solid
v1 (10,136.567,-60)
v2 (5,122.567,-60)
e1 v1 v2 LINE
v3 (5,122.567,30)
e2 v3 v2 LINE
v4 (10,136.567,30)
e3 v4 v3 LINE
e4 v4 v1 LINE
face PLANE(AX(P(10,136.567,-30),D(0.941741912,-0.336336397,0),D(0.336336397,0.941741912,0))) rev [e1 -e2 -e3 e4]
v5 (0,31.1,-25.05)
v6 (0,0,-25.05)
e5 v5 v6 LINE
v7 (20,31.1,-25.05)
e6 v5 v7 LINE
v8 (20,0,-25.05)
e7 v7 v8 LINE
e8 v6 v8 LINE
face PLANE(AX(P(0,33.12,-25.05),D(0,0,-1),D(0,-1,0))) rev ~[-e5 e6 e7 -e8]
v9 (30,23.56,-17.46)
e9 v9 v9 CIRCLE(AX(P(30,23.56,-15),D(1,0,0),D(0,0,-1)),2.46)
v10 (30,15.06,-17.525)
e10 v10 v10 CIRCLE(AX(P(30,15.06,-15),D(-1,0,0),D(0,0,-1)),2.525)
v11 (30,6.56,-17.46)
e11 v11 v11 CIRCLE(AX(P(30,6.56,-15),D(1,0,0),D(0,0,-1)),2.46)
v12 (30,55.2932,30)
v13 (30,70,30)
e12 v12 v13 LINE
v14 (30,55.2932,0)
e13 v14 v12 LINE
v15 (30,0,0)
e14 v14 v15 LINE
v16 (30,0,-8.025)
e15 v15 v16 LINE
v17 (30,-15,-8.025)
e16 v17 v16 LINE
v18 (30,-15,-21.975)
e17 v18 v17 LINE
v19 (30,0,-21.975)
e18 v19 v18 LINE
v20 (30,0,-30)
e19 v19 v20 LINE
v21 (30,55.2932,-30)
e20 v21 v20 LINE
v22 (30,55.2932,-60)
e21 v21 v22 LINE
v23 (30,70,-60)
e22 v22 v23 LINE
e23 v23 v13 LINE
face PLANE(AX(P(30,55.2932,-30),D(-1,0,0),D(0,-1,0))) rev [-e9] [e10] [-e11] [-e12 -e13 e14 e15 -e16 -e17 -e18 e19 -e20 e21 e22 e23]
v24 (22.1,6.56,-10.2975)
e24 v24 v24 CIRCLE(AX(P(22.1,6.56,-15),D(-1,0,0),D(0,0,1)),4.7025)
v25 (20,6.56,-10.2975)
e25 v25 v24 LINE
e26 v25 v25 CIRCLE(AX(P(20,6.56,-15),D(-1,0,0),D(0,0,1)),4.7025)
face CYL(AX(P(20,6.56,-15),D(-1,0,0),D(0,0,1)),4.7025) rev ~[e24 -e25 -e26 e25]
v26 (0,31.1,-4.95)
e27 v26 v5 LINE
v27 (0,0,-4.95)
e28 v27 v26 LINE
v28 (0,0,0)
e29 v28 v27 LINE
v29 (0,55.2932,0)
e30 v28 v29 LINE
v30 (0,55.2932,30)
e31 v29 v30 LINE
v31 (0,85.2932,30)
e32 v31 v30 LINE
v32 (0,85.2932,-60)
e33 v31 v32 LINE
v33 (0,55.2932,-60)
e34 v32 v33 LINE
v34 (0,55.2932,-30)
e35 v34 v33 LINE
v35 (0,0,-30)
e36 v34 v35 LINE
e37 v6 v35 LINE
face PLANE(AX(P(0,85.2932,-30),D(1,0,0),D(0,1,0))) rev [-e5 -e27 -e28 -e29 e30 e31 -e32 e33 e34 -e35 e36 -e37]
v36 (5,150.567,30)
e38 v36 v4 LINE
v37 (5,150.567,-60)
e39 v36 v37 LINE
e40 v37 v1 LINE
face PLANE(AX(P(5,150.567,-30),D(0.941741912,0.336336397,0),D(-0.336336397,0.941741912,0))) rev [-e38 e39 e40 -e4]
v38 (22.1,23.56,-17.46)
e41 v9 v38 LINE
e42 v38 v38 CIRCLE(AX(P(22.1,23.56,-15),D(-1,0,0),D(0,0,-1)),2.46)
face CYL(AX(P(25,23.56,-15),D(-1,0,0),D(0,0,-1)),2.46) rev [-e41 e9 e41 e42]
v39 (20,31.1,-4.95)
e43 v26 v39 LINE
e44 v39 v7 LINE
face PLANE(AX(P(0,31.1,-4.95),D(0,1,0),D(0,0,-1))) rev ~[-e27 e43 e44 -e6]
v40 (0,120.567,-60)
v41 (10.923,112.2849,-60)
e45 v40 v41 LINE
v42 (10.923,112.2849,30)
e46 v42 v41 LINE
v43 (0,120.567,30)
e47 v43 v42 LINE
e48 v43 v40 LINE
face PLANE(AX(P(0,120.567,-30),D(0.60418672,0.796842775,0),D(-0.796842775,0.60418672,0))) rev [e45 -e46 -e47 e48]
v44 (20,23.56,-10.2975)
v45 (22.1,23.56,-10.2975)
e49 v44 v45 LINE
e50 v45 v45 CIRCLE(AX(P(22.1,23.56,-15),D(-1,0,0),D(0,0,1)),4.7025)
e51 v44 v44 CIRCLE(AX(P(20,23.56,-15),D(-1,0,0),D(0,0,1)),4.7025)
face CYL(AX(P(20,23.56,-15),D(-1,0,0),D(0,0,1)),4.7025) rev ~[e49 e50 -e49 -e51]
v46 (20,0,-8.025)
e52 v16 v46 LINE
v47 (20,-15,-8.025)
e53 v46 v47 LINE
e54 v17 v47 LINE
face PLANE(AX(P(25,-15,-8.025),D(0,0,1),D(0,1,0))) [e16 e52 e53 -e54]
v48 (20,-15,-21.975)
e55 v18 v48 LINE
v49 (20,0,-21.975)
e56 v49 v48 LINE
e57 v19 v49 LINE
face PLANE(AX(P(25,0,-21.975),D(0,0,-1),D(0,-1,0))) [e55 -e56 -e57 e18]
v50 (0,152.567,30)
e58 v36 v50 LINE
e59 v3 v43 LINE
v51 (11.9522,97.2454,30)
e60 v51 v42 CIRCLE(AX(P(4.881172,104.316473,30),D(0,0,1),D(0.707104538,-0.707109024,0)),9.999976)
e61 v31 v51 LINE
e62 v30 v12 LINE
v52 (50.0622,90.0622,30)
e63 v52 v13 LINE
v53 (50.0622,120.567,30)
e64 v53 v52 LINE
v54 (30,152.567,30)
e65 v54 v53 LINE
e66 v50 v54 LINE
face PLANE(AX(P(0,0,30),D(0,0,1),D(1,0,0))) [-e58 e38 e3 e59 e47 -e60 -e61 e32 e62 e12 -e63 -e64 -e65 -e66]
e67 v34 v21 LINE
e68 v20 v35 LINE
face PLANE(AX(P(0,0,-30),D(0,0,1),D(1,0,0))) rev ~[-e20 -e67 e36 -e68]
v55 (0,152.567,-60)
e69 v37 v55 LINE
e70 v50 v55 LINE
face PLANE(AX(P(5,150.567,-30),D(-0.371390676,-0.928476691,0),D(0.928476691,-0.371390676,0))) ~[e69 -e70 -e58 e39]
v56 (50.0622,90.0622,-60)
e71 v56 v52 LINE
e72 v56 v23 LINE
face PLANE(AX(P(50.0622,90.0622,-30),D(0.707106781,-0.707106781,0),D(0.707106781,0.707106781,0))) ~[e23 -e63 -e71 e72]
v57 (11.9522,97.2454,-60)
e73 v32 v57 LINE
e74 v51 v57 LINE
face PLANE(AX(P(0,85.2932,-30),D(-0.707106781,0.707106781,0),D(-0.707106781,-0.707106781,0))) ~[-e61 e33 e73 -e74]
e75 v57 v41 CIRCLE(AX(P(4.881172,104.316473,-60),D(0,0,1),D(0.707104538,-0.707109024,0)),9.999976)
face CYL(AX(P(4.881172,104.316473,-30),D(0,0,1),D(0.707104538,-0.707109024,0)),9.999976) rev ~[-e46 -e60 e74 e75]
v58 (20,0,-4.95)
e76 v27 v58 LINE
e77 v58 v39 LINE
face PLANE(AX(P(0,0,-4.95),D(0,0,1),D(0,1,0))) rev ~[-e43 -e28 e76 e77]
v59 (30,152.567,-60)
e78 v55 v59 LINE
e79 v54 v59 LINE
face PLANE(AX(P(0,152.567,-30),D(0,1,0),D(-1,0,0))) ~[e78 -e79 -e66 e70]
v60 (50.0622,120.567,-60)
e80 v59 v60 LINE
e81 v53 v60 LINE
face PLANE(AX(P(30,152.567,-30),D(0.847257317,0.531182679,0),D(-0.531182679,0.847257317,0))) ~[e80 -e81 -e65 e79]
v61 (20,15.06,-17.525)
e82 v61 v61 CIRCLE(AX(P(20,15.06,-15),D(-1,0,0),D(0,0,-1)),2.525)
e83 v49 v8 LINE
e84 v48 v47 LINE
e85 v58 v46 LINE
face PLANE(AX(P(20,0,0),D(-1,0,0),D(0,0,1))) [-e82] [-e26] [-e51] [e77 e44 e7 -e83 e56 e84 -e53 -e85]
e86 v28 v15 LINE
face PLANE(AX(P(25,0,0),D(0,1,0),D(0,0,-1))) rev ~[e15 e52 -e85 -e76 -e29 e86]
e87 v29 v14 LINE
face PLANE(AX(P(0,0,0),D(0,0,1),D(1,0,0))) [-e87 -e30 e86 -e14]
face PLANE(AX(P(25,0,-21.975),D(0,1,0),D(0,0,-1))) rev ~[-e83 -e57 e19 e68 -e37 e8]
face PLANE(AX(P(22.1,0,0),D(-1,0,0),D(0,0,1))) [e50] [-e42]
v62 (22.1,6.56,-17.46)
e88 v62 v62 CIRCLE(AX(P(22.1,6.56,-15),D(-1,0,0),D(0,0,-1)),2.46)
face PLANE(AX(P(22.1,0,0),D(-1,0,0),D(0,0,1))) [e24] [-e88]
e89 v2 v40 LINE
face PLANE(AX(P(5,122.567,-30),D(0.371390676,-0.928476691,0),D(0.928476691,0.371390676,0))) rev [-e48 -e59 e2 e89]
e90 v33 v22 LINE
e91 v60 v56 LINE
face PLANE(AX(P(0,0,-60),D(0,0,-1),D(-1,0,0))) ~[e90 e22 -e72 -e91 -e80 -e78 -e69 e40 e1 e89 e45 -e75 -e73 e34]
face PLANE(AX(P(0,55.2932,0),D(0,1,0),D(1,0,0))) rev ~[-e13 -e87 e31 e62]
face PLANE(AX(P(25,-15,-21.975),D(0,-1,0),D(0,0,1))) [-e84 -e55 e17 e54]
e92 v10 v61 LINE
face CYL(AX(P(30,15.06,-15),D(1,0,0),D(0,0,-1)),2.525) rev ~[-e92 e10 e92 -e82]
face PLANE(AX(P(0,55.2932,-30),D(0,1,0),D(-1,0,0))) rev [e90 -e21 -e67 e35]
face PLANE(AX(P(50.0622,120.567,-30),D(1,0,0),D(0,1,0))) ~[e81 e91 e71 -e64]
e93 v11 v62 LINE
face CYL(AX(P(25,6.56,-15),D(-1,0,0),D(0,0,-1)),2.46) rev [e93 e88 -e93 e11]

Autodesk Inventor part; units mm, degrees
ref_plane "YZ Plane" through (0, 0, 0) normal (1, 0, 0) x (0, 1, 0)
ref_plane "XZ Plane" through (0, 0, 0) normal (0, 1, 0) x (-1, 0, 0)
sketch "Sketch1" plane through (0, 0, 0) normal (0, 0, 1) x (1, 0, 0)
  line L0 (0, 0) -> (25, 0)
  line L1 (25, 0) -> (25, 40)
  line L2 (25, 40) -> (0, 40)
  line L3 (0, 40) -> (0, 0)
  dimension "d1" = 25
  dimension "d2" = 40
  dimension "d3" = 25
extrude "Extrusion1" add sketch "Sketch1" against normal blind 30
sketch "Sketch2" plane through (25, 0, 0) normal (1, 0, 0) x (0, 0, -1)
  line L0 (0, 0) -> (30, 0) projected
  circle A0 centre (15, 6.56) radius 2.46
extrude "Extrusion2" cut sketch "Sketch2" against normal blind 30
sketch "Sketch3" plane through (0, 0, 0) normal (-1, 0, 0) x (0, 0, 1)
  line L0 (0, 0) -> (-30, 0) projected
  line L1 (-25.05, 0) -> (-4.95, 0)
  line L2 (-4.95, 0) -> (-4.95, 33.12)
  line L3 (-4.95, 33.12) -> (-25.05, 33.12)
  line L4 (-25.05, 33.12) -> (-25.05, 0)
  dimension "d11" = 20.1
extrude "Extrusion3" cut sketch "Sketch3" against normal blind 20
sketch "Sketch4" plane through (0, 0, 0) normal (0, -1, 0) x (1, 0, 0)
  line L0 (20, -4.95) -> (20, -25.05) projected
  line L1 (20, -15) -> (25, -15)
  line L2 (25, 0) -> (25, -30) projected
  line L3 (20, -8.025) -> (25, -8.025)
  line L4 (25, -8.025) -> (25, -21.975)
  line L5 (25, -21.975) -> (20, -21.975)
  line L6 (20, -21.975) -> (20, -8.025)
  line L7 (20, -8.025) -> (25, -21.975) construction
  line L8 (25, -8.025) -> (20, -21.975) construction
  line L9 (25, -12.54) -> (25, -17.46) projected
  point P0 (0, 0)
  point P1 (22.5, -15)
  dimension "d14" = 13.95
extrude "Extrusion4" add sketch "Sketch4" along normal blind 15
sketch "Sketch5" plane through (20, 0, 0) normal (-1, 0, 0) x (0, 0, 1)
  circle A0 centre (-15, 6.56) radius 2.46 projected
  circle A1 centre (-15, 6.56) radius 4.7025
  circle A2 centre (-15, 6.56) radius 2.46 projected
  circle A3 centre (-15, 6.56) radius 2.46
  point P0 (0, 0)
  dimension "d17" = 9.405
extrude "Extrusion5" cut sketch "Sketch5" against normal blind 2.1
sketch "Sketch6" plane through (25, 0, 0) normal (1, 0, 0) x (0, 0, -1)
  circle A0 centre (15, 6.56) radius 4.7025 projected
  line L0 (15, 6.56) -> (15, 23.56)
  circle A1 centre (15, 23.56) radius 2.46
  point P0 (0, 0)
  dimension "d20" = 17
  dimension "d21" = 4.92
extrude "Extrusion6" cut sketch "Sketch6" against normal blind 10 contours A1
sketch "Sketch7" plane through (20, 0, 0) normal (-1, 0, 0) x (0, 0, 1)
  circle A0 centre (-15, 23.56) radius 2.46 projected
  circle A1 centre (-15, 23.56) radius 4.7025
  point P0 (0, 0)
  dimension "d24" = 9.405
extrude "Extrusion7" cut sketch "Sketch7" against normal blind 2.1
sketch "Sketch9" plane through (25, 0, 0) normal (1, 0, 0) x (0, 0, -1)
  circle A0 centre (15, 6.56) radius 2.46 projected
  circle A1 centre (15, 6.56) radius 2.46
  circle A2 centre (15, 23.56) radius 2.46 projected
  circle A3 centre (15, 23.56) radius 2.46
  line L0 (30, 40) -> (30, 0) projected
  line L1 (30, 0) -> (30, 40)
  line L2 (30, 40) -> (0, 40)
  line L3 (0, 40) -> (0, 0)
  line L4 (0, 0) -> (8.025, 0) projected
  line L5 (21.975, 0) -> (21.975, -15)
  line L6 (21.975, -15) -> (8.025, -15)
  line L7 (8.025, -15) -> (8.025, 0)
  line L8 (0, 0) -> (8.025, 0)
  line L9 (21.975, 0) -> (30, 0)
extrude "Extrusion8" add sketch "Sketch9" along normal blind 5
sketch "Sketch10" plane through (0, 40, 0) normal (0, 1, 0) x (1, 0, 0)
  line L0 (0, 30) -> (30, 30) projected
  line L1 (30, 0) -> (0, 0) projected
  line L2 (0, 30) -> (30, 30)
  line L3 (30, 30) -> (30, 0)
  line L4 (30, 0) -> (0, 0)
  line L5 (0, 0) -> (0, 30)
extrude "Extrusion9" add sketch "Sketch10" along normal blind 30
sketch "Sketch12" plane through (30, 0, 0) normal (1, 0, 0) x (0, 0, -1)
  circle A0 centre (15, 6.56) radius 2.46 projected
  line L0 (15, 6.56) -> (15, 15.06)
  circle A1 centre (15, 15.06) radius 2.525
  point P0 (0, 0)
  dimension "d31" = 8.5
  dimension "d33" = 5.05
extrude "Extrusion10" cut sketch "Sketch12" against normal blind 30 contours A1
sketch "Sketch15" plane through (0, 0, -25.05) normal (-1, 0, 0) x (0, 0, 1)
  line L0 (0, 33.12) -> (20.1, 33.12) projected
  line L1 (20.1, 33.12) -> (20.1, 0) projected
  line L2 (0, 33.12) -> (20.1, 33.12)
  line L3 (20.1, 33.12) -> (20.1, 31.1)
  line L4 (20.1, 31.1) -> (0, 31.1)
  line L5 (0, 31.1) -> (0, 33.12)
  point P0 (25.05, 0)
  dimension "d57" = 2.02
extrude "Extrusion13" add sketch "Sketch15" against normal blind 20
sketch "Sketch17" plane through (0, 0, 0) normal (0, 0, 1) x (1, 0, 0)
  line L0 (0, 70) -> (30, 70) projected
  line L1 (30, 70) -> (50.0622, 90.0622)
  line L2 (30, 70) -> (80, 70) construction
  line L3 (11.9522, 97.2454) -> (0, 85.2932)
  line L4 (0, 70) -> (0, 85.2932)
  line L5 (0, 70) -> (0, 0) projected
  line L6 (0, 70) -> (30, 70)
  line L7 (10.923, 112.2849) -> (0, 120.567)
  line L8 (50.0622, 105.3553) -> (50.0622, 120.567)
  line L9 (50.0622, 105.3553) -> (50.0622, 90.0622)
  arc A0 (11.9522, 97.2454) -> (10.923, 112.2849) centre (4.8811, 104.3165) ccw
  line L10 (0, 152.567) -> (30, 152.567)
  line L11 (30, 152.567) -> (50.0622, 120.567)
  line L12 (5, 150.567) -> (0, 152.567)
  line L13 (5, 122.567) -> (0, 120.567)
  line L14 (5, 122.567) -> (10, 136.567)
  line L15 (10, 136.567) -> (5, 150.567)
  dimension "d61" = 45
  dimension "d62" = 32.0271
  dimension "d72" = 10
extrude "Extrusion14" add sketch "Sketch17" against normal blind 30
sketch "Sketch22" plane through (0, 0, 0) normal (0, 0, 1) x (1, 0, 0)
  line L0 (30, 0) -> (30, 70) projected
  line L1 (50.0622, 90.0622) -> (30, 70) projected
  line L2 (30, 70) -> (50.0622, 90.0622)
  line L3 (50.0622, 120.567) -> (50.0622, 90.0622) projected
  line L4 (50.0622, 90.0622) -> (50.0622, 120.567)
  line L5 (30, 152.567) -> (50.0622, 120.567) projected
  line L6 (50.0622, 120.567) -> (30, 152.567)
  line L7 (0, 152.567) -> (30, 152.567) projected
  line L8 (30, 152.567) -> (0, 152.567)
  line L9 (5, 150.567) -> (0, 152.567) projected
  line L10 (0, 152.567) -> (5, 150.567)
  line L11 (5, 150.567) -> (10, 136.567) projected
  line L12 (5, 150.567) -> (10, 136.567)
  line L13 (10, 136.567) -> (5, 122.567) projected
  line L14 (10, 136.567) -> (5, 122.567)
  line L15 (5, 122.567) -> (0, 120.567) projected
  line L16 (5, 122.567) -> (0, 120.567)
  line L17 (0, 120.567) -> (10.923, 112.2849) projected
  line L18 (0, 120.567) -> (10.923, 112.2849)
  line L19 (0, 85.2932) -> (11.9522, 97.2454) projected
  line L20 (11.9522, 97.2454) -> (0, 85.2932)
  line L21 (0, 85.2932) -> (0, 55.2932)
  line L22 (0, 0) -> (0, 85.2932) projected
  line L23 (0, 55.2932) -> (30, 55.2932)
  line L24 (30, 55.2932) -> (30, 70)
  arc A0 (11.9522, 97.2454) -> (10.923, 112.2849) centre (4.8811, 104.3165) ccw
  dimension "d92" = 30
extrude "Extrusion15" add sketch "Sketch22" along normal blind 30
ref_plane "Work Plane1" through (0, 0, -15) normal (0, 0, 1) x (1, 0, 0)
mirror "Mirror1" about plane through (0, 0, -15) normal (0, 0, 1) of "Extrusion15"
properties part number "rec_c_28mm_x_90mm"
